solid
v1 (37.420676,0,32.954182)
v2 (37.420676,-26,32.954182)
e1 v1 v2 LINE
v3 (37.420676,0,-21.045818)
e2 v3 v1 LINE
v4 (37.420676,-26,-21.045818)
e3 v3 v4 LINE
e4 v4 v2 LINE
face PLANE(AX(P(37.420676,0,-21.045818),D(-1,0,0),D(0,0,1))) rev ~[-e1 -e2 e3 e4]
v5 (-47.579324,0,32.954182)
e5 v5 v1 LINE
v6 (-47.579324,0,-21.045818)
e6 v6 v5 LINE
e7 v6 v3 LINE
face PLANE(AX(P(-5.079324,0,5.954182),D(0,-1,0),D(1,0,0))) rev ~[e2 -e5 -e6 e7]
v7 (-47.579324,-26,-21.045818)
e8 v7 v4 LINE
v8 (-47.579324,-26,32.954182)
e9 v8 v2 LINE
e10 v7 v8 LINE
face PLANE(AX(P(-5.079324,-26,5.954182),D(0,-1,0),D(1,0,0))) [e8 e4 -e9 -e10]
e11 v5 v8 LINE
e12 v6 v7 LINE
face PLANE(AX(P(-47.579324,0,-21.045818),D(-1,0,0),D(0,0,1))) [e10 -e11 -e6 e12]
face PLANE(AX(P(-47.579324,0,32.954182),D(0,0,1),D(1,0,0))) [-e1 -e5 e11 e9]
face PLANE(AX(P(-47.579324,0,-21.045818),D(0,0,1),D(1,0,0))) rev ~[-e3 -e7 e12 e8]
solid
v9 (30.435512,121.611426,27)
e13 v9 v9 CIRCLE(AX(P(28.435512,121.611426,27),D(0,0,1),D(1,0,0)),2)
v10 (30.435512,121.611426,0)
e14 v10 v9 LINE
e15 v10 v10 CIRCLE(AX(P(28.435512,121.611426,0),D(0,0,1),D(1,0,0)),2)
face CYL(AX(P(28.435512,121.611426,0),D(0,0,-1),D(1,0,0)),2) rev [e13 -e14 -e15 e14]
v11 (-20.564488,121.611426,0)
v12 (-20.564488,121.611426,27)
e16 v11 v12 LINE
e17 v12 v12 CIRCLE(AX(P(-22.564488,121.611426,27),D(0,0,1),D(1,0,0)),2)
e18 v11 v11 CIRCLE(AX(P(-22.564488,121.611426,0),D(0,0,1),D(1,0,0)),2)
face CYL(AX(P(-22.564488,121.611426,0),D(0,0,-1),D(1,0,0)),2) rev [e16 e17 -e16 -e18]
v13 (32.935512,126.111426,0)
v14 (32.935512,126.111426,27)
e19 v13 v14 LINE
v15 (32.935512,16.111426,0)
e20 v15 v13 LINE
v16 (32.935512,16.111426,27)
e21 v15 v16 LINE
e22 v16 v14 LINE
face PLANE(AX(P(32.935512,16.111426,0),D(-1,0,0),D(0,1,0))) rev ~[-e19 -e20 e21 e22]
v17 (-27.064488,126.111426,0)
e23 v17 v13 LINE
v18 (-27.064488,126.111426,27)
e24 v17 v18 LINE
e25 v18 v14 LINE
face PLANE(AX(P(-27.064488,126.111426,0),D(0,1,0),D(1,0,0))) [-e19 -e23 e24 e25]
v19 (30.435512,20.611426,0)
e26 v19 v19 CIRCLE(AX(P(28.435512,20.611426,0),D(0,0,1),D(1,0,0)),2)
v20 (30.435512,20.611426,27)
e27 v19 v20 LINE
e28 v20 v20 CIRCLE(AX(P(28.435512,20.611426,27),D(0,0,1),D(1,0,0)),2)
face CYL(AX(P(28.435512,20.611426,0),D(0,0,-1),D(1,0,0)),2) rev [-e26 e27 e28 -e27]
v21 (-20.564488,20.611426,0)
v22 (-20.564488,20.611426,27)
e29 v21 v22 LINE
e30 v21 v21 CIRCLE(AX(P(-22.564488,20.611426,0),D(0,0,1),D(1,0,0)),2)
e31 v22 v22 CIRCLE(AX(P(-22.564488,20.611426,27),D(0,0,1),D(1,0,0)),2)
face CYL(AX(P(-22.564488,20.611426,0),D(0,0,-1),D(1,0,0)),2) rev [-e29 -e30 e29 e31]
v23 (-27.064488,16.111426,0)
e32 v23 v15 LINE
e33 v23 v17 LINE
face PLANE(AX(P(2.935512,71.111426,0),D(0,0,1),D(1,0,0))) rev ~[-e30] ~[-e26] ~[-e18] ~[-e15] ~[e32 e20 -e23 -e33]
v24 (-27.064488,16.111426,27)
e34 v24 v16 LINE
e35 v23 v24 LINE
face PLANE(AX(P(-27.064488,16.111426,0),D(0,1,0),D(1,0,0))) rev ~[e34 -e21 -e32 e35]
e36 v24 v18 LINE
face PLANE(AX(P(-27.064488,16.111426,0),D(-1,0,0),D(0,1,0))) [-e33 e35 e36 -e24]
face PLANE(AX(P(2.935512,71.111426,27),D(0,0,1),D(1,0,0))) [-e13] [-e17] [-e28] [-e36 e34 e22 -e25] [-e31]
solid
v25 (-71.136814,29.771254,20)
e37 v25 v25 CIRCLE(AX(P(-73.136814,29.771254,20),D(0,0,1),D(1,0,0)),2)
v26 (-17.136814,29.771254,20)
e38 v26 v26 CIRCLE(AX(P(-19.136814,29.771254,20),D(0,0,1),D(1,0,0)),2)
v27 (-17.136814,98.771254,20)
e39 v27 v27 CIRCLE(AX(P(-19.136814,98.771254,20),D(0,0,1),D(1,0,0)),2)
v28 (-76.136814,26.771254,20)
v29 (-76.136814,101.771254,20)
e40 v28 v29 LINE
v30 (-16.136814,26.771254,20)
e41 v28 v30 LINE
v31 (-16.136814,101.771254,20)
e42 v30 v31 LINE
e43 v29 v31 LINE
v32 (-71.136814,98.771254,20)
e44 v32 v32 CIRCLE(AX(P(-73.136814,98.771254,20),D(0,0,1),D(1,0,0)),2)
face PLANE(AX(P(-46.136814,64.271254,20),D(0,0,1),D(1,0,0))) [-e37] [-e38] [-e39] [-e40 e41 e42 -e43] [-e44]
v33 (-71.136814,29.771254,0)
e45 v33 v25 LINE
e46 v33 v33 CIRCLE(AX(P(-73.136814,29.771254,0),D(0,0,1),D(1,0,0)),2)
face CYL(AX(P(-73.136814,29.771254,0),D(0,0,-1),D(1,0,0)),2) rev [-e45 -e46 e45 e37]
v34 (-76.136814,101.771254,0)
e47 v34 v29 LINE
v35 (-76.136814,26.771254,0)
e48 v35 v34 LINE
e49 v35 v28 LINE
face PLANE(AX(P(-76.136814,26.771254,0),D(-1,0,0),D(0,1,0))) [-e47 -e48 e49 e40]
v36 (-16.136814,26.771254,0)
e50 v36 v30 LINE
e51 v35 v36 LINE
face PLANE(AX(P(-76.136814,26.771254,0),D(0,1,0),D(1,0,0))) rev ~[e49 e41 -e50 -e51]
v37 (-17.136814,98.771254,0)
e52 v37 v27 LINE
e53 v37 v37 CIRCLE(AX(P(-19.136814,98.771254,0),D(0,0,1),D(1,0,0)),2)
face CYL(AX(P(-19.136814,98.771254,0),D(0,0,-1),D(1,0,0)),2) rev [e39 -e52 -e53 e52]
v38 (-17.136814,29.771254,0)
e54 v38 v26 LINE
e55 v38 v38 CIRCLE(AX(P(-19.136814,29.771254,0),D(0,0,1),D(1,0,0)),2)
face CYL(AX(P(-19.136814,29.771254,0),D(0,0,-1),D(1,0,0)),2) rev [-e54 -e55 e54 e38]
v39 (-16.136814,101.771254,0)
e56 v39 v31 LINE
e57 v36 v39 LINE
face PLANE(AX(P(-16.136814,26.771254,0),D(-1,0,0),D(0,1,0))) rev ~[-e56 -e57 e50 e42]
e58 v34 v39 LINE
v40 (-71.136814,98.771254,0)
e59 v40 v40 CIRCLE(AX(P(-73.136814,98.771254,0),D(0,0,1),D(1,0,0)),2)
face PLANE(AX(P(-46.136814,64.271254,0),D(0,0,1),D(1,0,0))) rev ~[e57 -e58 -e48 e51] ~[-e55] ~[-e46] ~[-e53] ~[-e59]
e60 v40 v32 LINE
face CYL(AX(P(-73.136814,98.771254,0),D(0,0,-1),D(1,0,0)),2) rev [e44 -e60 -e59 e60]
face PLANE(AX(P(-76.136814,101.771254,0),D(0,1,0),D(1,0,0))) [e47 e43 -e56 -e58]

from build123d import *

# Parameters (mm, degrees)
F0_W     = 85
F0_H     = 54
F1_DEPTH = 26
F3_W     = 60
F3_H     = 75
F3_R     = 2
F4_DEPTH = 20
F2_W     = 60
F2_H     = 110
F2_R     = 2
F5_DEPTH = 27


with BuildPart() as f1:
    # F0 (on Front) → F1 (new body)
    with BuildSketch(Plane.XZ):
        with Locations((-5.079324, 5.954182)):
            Rectangle(F0_W, F0_H)
    extrude(amount=F1_DEPTH)


with BuildPart() as f4:
    # F3 (on Top) → F4 (new body)
    with BuildSketch(Plane.XY):
        with Locations((-46.136814, 64.271254)):
            Rectangle(F3_W, F3_H)
        with Locations((-73.136814, 29.771254)):
            Circle(F3_R, mode=Mode.SUBTRACT)
        with Locations((-19.136814, 29.771254)):
            Circle(F3_R, mode=Mode.SUBTRACT)
        with Locations((-73.136814, 98.771254)):
            Circle(F3_R, mode=Mode.SUBTRACT)
        with Locations((-19.136814, 98.771254)):
            Circle(F3_R, mode=Mode.SUBTRACT)
    extrude(amount=F4_DEPTH)


with BuildPart() as f5:
    # F2 (on Top) → F5 (new body)
    with BuildSketch(Plane.XY):
        with Locations((2.935512, 71.111426)):
            Rectangle(F2_W, F2_H)
        with Locations((-22.564488, 20.611426)):
            Circle(F2_R, mode=Mode.SUBTRACT)
        with Locations((28.435512, 20.611426)):
            Circle(F2_R, mode=Mode.SUBTRACT)
        with Locations((-22.564488, 121.611426)):
            Circle(F2_R, mode=Mode.SUBTRACT)
        with Locations((28.435512, 121.611426)):
            Circle(F2_R, mode=Mode.SUBTRACT)
    extrude(amount=F5_DEPTH)


solid = Compound([f1.part, f4.part, f5.part])
